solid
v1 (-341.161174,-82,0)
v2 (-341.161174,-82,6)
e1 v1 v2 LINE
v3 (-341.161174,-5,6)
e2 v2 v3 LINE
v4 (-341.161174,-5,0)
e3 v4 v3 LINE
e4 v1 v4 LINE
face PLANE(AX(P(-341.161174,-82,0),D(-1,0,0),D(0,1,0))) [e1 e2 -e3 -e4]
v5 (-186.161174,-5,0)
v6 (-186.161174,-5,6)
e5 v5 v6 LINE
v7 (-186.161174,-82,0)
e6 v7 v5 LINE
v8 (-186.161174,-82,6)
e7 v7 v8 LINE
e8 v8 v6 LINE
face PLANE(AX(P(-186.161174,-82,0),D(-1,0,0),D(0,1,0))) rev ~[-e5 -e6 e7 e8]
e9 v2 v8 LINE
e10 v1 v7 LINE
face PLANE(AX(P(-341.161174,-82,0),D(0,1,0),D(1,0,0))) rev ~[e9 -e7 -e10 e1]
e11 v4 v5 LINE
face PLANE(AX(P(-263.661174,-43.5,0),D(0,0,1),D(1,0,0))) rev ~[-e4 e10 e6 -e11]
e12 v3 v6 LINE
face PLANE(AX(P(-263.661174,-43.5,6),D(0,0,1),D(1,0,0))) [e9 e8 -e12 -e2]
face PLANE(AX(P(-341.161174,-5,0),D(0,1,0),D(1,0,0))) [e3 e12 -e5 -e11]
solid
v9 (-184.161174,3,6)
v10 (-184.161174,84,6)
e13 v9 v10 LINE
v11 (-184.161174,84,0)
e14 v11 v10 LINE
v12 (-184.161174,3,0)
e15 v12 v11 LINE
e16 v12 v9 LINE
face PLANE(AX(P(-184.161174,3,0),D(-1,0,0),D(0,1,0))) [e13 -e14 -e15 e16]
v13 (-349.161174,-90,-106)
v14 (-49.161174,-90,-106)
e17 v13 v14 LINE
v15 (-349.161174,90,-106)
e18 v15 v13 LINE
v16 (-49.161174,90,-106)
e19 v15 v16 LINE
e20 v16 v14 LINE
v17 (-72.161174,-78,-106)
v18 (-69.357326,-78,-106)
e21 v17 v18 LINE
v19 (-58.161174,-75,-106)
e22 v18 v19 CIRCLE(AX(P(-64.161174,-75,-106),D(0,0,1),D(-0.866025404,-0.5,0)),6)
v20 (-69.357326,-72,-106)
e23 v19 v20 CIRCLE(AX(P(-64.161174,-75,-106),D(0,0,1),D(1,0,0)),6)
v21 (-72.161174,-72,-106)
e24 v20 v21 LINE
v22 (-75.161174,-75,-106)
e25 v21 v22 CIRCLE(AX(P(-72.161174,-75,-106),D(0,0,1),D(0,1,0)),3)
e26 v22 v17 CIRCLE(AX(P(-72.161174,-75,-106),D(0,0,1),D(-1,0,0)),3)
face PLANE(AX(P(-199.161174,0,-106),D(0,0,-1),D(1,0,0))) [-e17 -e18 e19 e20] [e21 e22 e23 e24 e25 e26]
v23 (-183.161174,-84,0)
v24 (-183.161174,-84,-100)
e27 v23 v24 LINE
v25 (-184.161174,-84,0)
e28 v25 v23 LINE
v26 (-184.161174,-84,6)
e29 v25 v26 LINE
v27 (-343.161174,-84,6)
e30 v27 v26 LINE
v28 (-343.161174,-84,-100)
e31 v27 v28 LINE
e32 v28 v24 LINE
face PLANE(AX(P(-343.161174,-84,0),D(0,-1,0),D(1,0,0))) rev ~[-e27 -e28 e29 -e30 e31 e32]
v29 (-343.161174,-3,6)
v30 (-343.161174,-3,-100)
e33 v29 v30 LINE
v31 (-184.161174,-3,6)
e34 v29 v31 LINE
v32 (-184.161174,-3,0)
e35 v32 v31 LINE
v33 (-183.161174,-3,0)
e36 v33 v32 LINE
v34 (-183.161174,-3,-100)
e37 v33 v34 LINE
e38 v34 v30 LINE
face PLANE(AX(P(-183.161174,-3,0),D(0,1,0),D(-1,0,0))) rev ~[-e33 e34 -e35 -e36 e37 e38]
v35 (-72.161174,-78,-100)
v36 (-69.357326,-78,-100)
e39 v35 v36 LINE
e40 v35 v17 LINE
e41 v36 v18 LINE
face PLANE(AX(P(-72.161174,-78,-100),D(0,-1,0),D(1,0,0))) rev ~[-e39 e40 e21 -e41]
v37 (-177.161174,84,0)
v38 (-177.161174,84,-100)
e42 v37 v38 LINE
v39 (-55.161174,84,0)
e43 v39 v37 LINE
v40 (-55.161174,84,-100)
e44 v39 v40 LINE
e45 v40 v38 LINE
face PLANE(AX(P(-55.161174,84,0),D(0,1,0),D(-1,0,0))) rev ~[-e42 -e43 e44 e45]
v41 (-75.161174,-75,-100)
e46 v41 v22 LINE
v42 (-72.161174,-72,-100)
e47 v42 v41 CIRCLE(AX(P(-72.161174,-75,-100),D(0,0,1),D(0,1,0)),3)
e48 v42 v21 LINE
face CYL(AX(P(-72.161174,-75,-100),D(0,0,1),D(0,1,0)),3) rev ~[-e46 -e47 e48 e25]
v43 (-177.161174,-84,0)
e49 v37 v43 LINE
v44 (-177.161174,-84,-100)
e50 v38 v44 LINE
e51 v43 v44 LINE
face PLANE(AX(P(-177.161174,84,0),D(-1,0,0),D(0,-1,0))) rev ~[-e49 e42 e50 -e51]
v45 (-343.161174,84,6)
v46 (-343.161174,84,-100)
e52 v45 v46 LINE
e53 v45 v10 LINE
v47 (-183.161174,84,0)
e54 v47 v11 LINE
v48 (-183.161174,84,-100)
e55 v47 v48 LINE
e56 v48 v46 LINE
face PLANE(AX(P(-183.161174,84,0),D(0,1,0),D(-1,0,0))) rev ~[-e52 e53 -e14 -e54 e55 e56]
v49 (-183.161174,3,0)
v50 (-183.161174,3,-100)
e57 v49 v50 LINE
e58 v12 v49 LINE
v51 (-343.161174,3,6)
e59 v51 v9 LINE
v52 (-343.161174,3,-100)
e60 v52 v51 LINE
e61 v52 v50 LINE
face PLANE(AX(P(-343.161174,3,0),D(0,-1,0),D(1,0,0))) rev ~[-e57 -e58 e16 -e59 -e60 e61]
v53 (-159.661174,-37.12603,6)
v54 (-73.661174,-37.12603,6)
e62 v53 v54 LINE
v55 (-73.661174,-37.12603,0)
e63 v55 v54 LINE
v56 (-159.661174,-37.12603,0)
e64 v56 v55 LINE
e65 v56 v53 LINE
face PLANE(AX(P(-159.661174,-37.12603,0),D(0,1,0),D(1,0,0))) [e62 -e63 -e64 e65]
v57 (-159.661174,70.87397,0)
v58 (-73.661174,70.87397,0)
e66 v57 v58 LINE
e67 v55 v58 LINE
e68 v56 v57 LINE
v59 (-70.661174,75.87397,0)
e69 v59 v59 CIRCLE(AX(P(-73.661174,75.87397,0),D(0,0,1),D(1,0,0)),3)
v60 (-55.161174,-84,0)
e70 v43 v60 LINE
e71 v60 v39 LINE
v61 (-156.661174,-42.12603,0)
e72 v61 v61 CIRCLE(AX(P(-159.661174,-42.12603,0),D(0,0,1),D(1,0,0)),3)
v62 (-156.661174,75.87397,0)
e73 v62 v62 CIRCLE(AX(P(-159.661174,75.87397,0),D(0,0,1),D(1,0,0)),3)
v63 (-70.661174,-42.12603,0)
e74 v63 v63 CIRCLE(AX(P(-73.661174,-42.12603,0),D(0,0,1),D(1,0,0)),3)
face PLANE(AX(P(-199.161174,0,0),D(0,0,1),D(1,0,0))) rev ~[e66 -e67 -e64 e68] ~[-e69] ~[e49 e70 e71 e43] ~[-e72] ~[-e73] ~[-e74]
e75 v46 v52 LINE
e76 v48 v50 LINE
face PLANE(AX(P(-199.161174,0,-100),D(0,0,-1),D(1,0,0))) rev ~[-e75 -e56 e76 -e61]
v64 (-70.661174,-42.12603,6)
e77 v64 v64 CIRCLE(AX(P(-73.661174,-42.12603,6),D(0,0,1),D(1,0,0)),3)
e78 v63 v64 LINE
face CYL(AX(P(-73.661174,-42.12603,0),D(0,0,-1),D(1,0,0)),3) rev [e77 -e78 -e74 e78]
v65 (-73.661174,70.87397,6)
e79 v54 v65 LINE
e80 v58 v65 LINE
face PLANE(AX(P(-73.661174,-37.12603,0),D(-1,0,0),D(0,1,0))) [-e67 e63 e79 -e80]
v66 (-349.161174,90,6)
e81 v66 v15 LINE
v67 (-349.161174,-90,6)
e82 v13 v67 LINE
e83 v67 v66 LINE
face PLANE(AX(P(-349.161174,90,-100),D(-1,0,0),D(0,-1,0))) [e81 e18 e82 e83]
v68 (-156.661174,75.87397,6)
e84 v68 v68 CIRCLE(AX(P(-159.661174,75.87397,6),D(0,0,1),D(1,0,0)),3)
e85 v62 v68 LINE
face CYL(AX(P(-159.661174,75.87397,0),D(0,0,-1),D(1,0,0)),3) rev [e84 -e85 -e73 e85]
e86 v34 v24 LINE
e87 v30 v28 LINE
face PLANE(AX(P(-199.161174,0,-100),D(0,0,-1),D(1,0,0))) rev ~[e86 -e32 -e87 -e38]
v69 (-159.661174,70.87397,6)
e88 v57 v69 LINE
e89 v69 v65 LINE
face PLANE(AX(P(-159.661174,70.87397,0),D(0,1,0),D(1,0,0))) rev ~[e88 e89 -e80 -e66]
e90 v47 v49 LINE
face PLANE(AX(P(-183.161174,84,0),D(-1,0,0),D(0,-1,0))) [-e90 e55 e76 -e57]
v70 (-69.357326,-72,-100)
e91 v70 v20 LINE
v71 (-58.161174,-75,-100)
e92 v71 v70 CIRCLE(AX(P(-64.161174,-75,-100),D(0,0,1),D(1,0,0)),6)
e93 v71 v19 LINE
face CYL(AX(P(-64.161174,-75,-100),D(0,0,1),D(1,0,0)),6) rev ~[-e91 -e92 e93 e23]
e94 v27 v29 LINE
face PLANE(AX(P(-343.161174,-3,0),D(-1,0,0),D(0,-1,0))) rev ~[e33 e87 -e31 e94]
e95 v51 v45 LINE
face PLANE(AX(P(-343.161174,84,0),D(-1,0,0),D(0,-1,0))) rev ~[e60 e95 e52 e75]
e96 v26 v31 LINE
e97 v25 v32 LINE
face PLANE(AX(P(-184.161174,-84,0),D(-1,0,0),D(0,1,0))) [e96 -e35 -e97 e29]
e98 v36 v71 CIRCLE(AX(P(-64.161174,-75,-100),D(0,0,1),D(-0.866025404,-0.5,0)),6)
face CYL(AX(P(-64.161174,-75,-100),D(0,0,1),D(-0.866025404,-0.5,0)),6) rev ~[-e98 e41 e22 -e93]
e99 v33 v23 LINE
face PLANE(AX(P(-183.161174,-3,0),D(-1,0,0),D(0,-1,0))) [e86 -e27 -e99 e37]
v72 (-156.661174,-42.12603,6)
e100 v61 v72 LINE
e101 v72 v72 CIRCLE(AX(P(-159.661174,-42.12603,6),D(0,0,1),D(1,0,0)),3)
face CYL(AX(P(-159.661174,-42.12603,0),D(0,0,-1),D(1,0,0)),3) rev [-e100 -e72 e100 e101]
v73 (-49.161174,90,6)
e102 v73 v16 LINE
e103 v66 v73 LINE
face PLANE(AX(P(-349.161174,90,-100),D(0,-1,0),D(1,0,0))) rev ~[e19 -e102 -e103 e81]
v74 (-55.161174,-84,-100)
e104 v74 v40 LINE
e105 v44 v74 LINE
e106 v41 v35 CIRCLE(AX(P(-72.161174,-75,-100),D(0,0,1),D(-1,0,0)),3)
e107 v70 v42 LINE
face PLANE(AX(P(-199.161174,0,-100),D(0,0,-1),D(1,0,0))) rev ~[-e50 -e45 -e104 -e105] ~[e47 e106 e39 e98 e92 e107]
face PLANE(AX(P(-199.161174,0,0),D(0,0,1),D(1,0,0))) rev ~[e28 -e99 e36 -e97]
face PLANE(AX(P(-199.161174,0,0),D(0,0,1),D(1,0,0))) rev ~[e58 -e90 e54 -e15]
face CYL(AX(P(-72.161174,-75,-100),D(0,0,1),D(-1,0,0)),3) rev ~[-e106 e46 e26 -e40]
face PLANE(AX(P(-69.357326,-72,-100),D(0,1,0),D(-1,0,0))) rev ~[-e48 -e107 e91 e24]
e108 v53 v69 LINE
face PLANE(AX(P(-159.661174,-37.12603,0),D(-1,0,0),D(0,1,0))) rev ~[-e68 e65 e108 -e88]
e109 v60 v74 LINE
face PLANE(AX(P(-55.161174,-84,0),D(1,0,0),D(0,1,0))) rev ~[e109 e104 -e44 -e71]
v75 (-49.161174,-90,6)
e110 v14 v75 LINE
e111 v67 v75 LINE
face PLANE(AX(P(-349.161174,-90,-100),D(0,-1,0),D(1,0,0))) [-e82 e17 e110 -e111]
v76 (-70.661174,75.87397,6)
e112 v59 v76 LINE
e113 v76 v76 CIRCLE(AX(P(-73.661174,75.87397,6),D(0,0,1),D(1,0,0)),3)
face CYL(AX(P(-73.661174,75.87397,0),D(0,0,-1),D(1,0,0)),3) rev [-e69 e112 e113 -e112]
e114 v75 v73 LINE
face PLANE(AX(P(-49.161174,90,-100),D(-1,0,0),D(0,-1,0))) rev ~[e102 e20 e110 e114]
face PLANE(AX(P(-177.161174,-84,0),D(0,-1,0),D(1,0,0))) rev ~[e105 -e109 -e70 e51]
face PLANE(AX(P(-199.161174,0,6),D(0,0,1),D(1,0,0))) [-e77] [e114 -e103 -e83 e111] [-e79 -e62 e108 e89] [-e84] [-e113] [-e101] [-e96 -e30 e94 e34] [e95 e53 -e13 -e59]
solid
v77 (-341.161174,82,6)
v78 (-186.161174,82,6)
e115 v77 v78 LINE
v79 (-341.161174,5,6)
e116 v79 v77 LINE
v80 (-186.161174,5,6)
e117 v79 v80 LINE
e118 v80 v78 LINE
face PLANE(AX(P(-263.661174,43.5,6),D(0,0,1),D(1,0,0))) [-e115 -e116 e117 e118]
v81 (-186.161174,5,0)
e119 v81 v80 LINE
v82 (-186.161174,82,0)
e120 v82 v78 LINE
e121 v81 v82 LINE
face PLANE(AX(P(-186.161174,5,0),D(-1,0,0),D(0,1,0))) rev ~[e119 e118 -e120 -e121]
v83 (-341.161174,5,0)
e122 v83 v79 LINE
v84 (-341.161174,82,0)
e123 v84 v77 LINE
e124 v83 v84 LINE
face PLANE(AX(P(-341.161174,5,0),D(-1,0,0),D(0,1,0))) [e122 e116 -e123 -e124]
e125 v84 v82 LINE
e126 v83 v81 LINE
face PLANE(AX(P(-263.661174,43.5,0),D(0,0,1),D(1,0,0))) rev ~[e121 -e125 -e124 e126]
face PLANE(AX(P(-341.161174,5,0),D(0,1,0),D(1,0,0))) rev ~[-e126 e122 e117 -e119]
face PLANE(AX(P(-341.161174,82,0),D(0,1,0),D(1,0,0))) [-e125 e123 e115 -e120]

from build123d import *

# Parameters (mm, degrees)
F0_W     = 155
F0_H     = 77
F1_DEPTH = 6
F0_W_2   = 300
F0_H_2   = 180
F0_W_3   = 159
F0_H_3   = 81
F0_R     = 3
F0_W_4   = 86
F0_H_4   = 108
F2_W     = 300
F2_H     = 180
F2_W_2   = 6
F2_H_2   = 81
F2_H_3   = 6
F3_DEPTH = 100
F4_W     = 300
F4_H     = 180
F5_DEPTH = 6


with BuildPart() as f1:
    # F0 (on Top) → F1 (new body)
    with BuildSketch(Plane.XY):
        with Locations((-263.6611738205, 43.5)):
            Rectangle(F0_W, F0_H)
    extrude(amount=F1_DEPTH)


with BuildPart() as f1b:
    # F0 (on Top) → F1, piece 2 (new body)
    with BuildSketch(Plane.XY):
        with Locations((-263.6611738205, -43.5)):
            Rectangle(F0_W, F0_H)
    extrude(amount=F1_DEPTH)


with BuildPart() as f1c:
    # F0 (on Top) → F1, piece 3 (new body)
    with BuildSketch(Plane.XY):
        with Locations((-199.1611738205, 0)):
            Rectangle(F0_W_2, F0_H_2)
        with Locations((-263.6611738205, -43.5)):
            Rectangle(F0_W_3, F0_H_3, mode=Mode.SUBTRACT)
        with Locations((-159.6611738205, -42.1260297298)):
            Circle(F0_R, mode=Mode.SUBTRACT)
        with Locations((-73.6611738205, -42.1260297298)):
            Circle(F0_R, mode=Mode.SUBTRACT)
        with Locations((-263.6611738205, 43.5)):
            Rectangle(F0_W_3, F0_H_3, mode=Mode.SUBTRACT)
        with Locations((-116.6611738205, 16.8739702702)):
            Rectangle(F0_W_4, F0_H_4, mode=Mode.SUBTRACT)
        with Locations((-159.6611738205, 75.8739702702)):
            Circle(F0_R, mode=Mode.SUBTRACT)
        with Locations((-73.6611738205, 75.8739702702)):
            Circle(F0_R, mode=Mode.SUBTRACT)
    extrude(amount=F1_DEPTH)

    # F2 (on face) → F3 (join)
    with BuildSketch(Plane(origin=(0, 0, 0), x_dir=(1, 0, 0), z_dir=(0, 0, -1))):
        with Locations((-199.1611738205, 0)):
            Rectangle(F2_W, F2_H)
        Polygon((-343.1611738205, -84), (-343.1611738205, -3), (-343.1611738205, 3), (-343.1611738205, 84), (-184.1611738205, 84), (-183.1611738205, 84), (-177.1611738205, 84), (-55.1611738205, 84), (-55.1611738205, -84), (-177.1611738205, -84), (-183.1611738205, -84), (-184.1611738205, -84), align=None, mode=Mode.SUBTRACT)
        Polygon((-343.1611738205, -3), (-184.1611738205, -3), (-183.1611738205, -3), (-183.1611738205, 3), (-184.1611738205, 3), (-343.1611738205, 3), align=None)
        with Locations((-180.1611738205, 43.5)):
            Rectangle(F2_W_2, F2_H_2)
        with Locations((-180.1611738205, -43.5)):
            Rectangle(F2_W_2, F2_H_2)
        with Locations((-180.1611738205, 0)):
            Rectangle(F2_W_2, F2_H_3)
    extrude(amount=F3_DEPTH)

    # F4 (on face) → F5 (join)
    with BuildSketch(Plane(origin=(0, 0, -100), x_dir=(1, 0, 0), z_dir=(0, 0, -1))):
        with Locations((-199.1611738205, 0)):
            Rectangle(F4_W, F4_H)
        with BuildLine():
            ThreePointArc((-69.3573262432, 78), (-62.6082595499, 80.7955549577), (-58.1611738205, 75))
            ThreePointArc((-58.1611738205, 75), (-62.6082595499, 69.2044450423), (-69.3573262432, 72))
            Line((-69.3573262432, 72), (-72.1611738205, 72))
            ThreePointArc((-72.1611738205, 72), (-74.2824941641, 72.8786796564), (-75.1611738205, 75))
            ThreePointArc((-75.1611738205, 75), (-74.2824941641, 77.1213203436), (-72.1611738205, 78))
            Line((-72.1611738205, 78), (-69.3573262432, 78))
        make_face(mode=Mode.SUBTRACT)
    extrude(amount=F5_DEPTH)


solid = Compound([f1.part, f1b.part, f1c.part])
